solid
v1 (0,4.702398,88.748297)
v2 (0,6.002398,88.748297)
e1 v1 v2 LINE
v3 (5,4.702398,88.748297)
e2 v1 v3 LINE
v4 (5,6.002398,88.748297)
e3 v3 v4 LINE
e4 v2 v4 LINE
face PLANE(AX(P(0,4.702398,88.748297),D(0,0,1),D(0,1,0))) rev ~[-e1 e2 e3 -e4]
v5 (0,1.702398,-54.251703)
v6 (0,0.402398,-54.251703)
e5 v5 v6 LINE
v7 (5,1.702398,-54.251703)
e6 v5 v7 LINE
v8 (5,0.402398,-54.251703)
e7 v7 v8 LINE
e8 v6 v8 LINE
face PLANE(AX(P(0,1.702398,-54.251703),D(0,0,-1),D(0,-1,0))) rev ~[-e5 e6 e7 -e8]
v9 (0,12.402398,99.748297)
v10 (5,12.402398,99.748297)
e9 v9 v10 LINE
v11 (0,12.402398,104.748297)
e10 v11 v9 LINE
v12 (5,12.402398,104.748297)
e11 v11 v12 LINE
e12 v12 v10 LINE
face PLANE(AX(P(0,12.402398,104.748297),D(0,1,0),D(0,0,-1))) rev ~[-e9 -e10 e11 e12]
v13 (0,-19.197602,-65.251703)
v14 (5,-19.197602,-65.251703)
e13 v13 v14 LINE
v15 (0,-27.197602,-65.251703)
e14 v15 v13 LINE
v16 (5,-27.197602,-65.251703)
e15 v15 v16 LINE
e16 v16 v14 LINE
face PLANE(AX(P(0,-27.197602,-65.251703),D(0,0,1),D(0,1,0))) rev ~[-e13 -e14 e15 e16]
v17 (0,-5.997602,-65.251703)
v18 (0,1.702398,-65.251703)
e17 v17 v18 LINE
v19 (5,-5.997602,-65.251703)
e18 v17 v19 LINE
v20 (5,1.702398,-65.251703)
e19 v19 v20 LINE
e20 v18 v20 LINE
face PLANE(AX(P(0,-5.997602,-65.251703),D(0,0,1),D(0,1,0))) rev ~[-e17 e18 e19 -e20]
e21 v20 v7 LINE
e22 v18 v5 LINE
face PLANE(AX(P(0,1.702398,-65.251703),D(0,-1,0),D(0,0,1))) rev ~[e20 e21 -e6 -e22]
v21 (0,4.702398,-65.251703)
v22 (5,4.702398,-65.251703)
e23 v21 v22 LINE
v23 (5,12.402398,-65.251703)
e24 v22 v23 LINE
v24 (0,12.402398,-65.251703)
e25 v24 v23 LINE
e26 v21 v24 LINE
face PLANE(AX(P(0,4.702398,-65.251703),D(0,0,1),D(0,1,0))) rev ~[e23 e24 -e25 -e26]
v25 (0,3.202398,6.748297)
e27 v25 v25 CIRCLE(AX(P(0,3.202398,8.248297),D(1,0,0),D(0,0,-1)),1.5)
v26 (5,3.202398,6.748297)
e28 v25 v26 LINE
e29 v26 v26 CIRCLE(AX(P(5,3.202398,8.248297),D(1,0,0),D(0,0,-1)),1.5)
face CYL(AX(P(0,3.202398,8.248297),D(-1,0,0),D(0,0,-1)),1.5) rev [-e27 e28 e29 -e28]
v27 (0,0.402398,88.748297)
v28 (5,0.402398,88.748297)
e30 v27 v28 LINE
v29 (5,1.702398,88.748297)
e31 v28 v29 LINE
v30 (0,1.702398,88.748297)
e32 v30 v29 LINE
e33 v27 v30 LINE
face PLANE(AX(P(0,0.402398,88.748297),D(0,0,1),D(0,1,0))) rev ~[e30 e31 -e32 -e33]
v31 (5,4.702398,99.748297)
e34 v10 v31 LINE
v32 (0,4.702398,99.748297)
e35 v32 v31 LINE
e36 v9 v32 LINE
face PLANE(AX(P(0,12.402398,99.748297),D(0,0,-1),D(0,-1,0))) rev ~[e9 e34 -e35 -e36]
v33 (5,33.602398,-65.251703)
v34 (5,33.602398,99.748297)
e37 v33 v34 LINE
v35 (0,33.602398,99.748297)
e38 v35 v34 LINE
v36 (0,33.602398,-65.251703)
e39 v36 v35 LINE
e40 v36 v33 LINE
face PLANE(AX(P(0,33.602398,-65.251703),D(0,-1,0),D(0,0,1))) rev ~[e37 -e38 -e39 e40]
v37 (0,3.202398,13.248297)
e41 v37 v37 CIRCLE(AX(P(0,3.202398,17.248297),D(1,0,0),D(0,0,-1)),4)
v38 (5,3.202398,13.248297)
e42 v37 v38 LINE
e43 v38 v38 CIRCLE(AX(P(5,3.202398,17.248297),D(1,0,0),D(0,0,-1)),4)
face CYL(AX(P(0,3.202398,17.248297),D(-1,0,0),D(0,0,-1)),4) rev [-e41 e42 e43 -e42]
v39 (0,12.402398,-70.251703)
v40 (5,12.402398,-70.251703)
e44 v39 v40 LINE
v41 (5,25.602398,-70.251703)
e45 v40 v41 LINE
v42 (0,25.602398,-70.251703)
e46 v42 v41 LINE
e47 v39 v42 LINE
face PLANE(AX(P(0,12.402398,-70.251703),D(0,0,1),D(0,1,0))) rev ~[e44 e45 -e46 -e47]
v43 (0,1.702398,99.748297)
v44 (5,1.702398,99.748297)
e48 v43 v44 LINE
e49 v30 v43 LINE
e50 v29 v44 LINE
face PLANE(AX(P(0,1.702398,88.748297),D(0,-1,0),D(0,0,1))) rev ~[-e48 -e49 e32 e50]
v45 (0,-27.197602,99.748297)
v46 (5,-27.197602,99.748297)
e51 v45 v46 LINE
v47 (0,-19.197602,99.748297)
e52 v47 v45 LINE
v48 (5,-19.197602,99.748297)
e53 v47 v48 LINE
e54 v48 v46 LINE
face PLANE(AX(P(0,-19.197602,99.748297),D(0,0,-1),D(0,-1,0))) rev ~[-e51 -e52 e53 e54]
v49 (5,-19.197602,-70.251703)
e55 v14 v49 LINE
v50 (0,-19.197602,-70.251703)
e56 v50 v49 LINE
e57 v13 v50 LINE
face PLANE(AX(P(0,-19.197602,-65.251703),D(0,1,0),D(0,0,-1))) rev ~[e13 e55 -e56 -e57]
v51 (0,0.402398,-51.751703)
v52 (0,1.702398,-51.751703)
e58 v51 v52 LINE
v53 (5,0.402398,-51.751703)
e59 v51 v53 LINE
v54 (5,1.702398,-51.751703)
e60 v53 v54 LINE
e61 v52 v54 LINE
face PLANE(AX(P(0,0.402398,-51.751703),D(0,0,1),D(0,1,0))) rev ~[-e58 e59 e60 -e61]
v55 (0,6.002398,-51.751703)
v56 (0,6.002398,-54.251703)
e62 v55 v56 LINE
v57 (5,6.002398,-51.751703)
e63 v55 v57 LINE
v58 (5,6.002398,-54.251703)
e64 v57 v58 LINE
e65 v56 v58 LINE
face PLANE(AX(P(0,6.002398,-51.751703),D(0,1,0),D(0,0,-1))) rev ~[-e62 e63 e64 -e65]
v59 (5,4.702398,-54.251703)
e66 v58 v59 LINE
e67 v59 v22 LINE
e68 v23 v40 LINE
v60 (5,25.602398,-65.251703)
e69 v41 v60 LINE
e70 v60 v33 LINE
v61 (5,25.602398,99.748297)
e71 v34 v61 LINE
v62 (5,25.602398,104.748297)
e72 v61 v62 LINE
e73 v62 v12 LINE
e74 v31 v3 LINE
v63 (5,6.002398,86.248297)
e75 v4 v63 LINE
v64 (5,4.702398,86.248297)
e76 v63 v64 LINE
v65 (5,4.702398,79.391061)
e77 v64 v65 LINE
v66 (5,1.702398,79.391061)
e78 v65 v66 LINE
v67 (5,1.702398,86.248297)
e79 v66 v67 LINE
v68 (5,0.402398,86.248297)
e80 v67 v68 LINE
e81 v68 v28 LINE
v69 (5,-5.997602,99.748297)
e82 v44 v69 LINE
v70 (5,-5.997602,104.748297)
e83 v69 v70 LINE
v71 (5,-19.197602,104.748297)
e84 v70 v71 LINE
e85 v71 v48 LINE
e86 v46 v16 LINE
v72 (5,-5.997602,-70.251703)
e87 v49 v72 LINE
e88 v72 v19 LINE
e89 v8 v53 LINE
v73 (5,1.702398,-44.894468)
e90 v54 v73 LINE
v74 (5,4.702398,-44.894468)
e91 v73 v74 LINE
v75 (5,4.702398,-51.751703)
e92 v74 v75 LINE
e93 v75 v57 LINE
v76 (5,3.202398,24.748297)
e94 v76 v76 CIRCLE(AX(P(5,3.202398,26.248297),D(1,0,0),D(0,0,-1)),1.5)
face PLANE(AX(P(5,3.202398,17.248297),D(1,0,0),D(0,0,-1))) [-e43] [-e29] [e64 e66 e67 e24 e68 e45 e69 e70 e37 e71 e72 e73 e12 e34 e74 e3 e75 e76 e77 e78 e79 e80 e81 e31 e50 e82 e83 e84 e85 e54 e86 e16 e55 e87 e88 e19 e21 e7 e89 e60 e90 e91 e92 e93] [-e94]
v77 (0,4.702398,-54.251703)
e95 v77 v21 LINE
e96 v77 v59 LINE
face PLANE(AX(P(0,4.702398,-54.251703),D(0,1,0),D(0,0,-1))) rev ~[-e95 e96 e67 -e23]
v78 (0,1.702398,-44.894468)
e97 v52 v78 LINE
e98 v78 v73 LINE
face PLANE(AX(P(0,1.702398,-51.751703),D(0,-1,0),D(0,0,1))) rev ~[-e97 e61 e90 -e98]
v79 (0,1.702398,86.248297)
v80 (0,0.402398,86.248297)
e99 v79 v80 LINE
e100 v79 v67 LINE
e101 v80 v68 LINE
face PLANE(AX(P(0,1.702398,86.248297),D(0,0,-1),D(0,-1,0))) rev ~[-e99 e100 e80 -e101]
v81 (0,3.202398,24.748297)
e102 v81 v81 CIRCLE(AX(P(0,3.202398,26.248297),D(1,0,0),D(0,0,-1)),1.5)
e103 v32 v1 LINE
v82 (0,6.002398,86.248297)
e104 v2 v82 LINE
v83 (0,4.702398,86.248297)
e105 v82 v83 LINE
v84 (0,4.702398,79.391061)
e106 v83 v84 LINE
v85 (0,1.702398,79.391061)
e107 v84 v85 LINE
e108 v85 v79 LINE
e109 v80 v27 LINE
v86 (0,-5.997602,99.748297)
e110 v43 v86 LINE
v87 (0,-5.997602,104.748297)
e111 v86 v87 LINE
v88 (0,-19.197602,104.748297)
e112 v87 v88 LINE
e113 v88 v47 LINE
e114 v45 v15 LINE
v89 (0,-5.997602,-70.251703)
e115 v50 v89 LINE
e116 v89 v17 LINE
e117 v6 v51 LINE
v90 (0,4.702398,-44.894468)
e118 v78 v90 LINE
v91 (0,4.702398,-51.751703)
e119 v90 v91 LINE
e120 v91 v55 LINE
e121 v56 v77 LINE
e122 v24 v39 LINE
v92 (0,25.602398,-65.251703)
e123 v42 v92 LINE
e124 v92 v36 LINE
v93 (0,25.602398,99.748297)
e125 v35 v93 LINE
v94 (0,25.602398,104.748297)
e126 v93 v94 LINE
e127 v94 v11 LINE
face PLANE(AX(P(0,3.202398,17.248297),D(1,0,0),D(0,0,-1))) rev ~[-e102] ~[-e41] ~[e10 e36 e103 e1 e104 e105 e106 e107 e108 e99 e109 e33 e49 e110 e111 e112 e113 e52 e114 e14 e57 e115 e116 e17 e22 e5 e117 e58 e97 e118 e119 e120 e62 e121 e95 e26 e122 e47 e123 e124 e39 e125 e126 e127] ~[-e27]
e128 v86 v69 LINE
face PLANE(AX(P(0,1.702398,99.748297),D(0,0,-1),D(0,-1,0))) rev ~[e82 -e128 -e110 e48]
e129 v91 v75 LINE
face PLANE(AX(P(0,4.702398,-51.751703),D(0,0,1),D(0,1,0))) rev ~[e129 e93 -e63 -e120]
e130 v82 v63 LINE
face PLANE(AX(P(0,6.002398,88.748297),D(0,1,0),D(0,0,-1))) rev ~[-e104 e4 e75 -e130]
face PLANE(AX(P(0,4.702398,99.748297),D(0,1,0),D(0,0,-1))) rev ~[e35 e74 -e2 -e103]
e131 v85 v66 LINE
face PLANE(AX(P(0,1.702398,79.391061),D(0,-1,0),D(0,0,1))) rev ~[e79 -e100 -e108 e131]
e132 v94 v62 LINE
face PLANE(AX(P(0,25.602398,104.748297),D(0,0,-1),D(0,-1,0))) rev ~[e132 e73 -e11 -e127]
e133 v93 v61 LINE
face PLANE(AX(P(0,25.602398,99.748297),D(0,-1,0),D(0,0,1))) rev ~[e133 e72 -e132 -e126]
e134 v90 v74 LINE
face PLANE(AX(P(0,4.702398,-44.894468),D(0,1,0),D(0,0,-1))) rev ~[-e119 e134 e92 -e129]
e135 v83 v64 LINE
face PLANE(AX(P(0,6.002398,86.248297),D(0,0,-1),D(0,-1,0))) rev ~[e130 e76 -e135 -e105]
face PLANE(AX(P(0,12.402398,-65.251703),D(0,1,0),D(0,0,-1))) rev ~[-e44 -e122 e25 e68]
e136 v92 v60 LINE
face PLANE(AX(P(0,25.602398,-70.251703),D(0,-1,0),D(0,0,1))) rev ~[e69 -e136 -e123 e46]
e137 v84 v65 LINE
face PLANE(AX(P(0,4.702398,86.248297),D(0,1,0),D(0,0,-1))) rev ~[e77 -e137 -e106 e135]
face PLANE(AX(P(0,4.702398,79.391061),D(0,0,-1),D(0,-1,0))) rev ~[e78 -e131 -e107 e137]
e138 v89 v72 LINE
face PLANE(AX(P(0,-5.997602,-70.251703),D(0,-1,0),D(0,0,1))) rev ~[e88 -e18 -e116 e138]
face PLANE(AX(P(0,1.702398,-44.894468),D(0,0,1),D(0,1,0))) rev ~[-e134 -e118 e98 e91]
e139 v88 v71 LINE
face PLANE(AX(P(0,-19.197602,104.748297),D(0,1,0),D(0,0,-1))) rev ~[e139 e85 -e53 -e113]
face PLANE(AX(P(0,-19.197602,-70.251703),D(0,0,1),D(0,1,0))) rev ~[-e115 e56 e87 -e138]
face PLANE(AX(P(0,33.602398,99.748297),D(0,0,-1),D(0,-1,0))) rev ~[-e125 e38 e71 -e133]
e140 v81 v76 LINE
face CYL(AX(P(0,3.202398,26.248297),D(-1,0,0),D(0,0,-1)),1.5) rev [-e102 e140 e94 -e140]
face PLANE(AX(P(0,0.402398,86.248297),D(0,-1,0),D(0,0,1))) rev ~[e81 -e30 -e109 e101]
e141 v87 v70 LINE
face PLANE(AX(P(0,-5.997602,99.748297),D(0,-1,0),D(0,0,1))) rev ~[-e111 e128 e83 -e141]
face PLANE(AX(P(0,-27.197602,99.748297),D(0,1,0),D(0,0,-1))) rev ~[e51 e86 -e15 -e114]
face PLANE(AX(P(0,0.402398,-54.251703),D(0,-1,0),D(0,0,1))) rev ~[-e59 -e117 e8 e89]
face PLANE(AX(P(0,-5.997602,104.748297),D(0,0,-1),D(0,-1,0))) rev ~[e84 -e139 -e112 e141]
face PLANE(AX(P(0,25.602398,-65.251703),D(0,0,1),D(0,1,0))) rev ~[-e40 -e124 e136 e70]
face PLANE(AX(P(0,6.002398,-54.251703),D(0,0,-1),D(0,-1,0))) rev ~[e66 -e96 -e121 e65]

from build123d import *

# Parameters (mm, degrees)
SKETCH1_R           = 4
SKETCH1_R_2         = 1.5
BOSS_EXTRUDE1_DEPTH = 5


with BuildPart() as part:
    # Sketch1 → Boss-Extrude1 (new body)
    with BuildSketch(Plane(origin=(0, 0, 0), x_dir=(0, 0, -1), z_dir=(1, 0, 0))):
        Polygon((70.251703358, 12.402398233), (70.251703358, 25.602398233), (65.251703358, 25.602398233), (65.251703358, 33.602398233), (-99.748296642, 33.602398233), (-99.748296642, 25.602398233), (-104.748296642, 25.602398233), (-104.748296642, 12.402398233), (-99.748296642, 12.402398233), (-99.748296642, 4.702398233), (-88.748296642, 4.702398233), (-88.748296642, 6.002398233), (-86.248296642, 6.002398233), (-86.248296642, 4.702398233), (-79.39106139, 4.702398233), (-79.39106139, 1.702398233), (-86.248296642, 1.702398233), (-86.248296642, 0.402398233), (-88.748296642, 0.402398233), (-88.748296642, 1.702398233), (-99.748296642, 1.702398233), (-99.748296642, -5.997601767), (-104.748296642, -5.997601767), (-104.748296642, -19.197601767), (-99.748296642, -19.197601767), (-99.748296642, -27.197601767), (65.251703358, -27.197601767), (65.251703358, -19.197601767), (70.251703358, -19.197601767), (70.251703358, -5.997601767), (65.251703358, -5.997601767), (65.251703358, 1.702398233), (54.251703358, 1.702398233), (54.251703358, 0.402398233), (51.751703358, 0.402398233), (51.751703358, 1.702398233), (44.894468105, 1.702398233), (44.894468105, 4.702398233), (51.751703358, 4.702398233), (51.751703358, 6.002398233), (54.251703358, 6.002398233), (54.251703358, 4.702398233), (65.251703358, 4.702398233), (65.251703358, 12.402398233), align=None)
        with Locations((-17.248296642, 3.202398233)):
            Circle(SKETCH1_R, mode=Mode.SUBTRACT)
        with Locations((-26.248296642, 3.202398233)):
            Circle(SKETCH1_R_2, mode=Mode.SUBTRACT)
        with Locations((-8.248296642, 3.202398233)):
            Circle(SKETCH1_R_2, mode=Mode.SUBTRACT)
    extrude(amount=BOSS_EXTRUDE1_DEPTH)


solid = part.part
